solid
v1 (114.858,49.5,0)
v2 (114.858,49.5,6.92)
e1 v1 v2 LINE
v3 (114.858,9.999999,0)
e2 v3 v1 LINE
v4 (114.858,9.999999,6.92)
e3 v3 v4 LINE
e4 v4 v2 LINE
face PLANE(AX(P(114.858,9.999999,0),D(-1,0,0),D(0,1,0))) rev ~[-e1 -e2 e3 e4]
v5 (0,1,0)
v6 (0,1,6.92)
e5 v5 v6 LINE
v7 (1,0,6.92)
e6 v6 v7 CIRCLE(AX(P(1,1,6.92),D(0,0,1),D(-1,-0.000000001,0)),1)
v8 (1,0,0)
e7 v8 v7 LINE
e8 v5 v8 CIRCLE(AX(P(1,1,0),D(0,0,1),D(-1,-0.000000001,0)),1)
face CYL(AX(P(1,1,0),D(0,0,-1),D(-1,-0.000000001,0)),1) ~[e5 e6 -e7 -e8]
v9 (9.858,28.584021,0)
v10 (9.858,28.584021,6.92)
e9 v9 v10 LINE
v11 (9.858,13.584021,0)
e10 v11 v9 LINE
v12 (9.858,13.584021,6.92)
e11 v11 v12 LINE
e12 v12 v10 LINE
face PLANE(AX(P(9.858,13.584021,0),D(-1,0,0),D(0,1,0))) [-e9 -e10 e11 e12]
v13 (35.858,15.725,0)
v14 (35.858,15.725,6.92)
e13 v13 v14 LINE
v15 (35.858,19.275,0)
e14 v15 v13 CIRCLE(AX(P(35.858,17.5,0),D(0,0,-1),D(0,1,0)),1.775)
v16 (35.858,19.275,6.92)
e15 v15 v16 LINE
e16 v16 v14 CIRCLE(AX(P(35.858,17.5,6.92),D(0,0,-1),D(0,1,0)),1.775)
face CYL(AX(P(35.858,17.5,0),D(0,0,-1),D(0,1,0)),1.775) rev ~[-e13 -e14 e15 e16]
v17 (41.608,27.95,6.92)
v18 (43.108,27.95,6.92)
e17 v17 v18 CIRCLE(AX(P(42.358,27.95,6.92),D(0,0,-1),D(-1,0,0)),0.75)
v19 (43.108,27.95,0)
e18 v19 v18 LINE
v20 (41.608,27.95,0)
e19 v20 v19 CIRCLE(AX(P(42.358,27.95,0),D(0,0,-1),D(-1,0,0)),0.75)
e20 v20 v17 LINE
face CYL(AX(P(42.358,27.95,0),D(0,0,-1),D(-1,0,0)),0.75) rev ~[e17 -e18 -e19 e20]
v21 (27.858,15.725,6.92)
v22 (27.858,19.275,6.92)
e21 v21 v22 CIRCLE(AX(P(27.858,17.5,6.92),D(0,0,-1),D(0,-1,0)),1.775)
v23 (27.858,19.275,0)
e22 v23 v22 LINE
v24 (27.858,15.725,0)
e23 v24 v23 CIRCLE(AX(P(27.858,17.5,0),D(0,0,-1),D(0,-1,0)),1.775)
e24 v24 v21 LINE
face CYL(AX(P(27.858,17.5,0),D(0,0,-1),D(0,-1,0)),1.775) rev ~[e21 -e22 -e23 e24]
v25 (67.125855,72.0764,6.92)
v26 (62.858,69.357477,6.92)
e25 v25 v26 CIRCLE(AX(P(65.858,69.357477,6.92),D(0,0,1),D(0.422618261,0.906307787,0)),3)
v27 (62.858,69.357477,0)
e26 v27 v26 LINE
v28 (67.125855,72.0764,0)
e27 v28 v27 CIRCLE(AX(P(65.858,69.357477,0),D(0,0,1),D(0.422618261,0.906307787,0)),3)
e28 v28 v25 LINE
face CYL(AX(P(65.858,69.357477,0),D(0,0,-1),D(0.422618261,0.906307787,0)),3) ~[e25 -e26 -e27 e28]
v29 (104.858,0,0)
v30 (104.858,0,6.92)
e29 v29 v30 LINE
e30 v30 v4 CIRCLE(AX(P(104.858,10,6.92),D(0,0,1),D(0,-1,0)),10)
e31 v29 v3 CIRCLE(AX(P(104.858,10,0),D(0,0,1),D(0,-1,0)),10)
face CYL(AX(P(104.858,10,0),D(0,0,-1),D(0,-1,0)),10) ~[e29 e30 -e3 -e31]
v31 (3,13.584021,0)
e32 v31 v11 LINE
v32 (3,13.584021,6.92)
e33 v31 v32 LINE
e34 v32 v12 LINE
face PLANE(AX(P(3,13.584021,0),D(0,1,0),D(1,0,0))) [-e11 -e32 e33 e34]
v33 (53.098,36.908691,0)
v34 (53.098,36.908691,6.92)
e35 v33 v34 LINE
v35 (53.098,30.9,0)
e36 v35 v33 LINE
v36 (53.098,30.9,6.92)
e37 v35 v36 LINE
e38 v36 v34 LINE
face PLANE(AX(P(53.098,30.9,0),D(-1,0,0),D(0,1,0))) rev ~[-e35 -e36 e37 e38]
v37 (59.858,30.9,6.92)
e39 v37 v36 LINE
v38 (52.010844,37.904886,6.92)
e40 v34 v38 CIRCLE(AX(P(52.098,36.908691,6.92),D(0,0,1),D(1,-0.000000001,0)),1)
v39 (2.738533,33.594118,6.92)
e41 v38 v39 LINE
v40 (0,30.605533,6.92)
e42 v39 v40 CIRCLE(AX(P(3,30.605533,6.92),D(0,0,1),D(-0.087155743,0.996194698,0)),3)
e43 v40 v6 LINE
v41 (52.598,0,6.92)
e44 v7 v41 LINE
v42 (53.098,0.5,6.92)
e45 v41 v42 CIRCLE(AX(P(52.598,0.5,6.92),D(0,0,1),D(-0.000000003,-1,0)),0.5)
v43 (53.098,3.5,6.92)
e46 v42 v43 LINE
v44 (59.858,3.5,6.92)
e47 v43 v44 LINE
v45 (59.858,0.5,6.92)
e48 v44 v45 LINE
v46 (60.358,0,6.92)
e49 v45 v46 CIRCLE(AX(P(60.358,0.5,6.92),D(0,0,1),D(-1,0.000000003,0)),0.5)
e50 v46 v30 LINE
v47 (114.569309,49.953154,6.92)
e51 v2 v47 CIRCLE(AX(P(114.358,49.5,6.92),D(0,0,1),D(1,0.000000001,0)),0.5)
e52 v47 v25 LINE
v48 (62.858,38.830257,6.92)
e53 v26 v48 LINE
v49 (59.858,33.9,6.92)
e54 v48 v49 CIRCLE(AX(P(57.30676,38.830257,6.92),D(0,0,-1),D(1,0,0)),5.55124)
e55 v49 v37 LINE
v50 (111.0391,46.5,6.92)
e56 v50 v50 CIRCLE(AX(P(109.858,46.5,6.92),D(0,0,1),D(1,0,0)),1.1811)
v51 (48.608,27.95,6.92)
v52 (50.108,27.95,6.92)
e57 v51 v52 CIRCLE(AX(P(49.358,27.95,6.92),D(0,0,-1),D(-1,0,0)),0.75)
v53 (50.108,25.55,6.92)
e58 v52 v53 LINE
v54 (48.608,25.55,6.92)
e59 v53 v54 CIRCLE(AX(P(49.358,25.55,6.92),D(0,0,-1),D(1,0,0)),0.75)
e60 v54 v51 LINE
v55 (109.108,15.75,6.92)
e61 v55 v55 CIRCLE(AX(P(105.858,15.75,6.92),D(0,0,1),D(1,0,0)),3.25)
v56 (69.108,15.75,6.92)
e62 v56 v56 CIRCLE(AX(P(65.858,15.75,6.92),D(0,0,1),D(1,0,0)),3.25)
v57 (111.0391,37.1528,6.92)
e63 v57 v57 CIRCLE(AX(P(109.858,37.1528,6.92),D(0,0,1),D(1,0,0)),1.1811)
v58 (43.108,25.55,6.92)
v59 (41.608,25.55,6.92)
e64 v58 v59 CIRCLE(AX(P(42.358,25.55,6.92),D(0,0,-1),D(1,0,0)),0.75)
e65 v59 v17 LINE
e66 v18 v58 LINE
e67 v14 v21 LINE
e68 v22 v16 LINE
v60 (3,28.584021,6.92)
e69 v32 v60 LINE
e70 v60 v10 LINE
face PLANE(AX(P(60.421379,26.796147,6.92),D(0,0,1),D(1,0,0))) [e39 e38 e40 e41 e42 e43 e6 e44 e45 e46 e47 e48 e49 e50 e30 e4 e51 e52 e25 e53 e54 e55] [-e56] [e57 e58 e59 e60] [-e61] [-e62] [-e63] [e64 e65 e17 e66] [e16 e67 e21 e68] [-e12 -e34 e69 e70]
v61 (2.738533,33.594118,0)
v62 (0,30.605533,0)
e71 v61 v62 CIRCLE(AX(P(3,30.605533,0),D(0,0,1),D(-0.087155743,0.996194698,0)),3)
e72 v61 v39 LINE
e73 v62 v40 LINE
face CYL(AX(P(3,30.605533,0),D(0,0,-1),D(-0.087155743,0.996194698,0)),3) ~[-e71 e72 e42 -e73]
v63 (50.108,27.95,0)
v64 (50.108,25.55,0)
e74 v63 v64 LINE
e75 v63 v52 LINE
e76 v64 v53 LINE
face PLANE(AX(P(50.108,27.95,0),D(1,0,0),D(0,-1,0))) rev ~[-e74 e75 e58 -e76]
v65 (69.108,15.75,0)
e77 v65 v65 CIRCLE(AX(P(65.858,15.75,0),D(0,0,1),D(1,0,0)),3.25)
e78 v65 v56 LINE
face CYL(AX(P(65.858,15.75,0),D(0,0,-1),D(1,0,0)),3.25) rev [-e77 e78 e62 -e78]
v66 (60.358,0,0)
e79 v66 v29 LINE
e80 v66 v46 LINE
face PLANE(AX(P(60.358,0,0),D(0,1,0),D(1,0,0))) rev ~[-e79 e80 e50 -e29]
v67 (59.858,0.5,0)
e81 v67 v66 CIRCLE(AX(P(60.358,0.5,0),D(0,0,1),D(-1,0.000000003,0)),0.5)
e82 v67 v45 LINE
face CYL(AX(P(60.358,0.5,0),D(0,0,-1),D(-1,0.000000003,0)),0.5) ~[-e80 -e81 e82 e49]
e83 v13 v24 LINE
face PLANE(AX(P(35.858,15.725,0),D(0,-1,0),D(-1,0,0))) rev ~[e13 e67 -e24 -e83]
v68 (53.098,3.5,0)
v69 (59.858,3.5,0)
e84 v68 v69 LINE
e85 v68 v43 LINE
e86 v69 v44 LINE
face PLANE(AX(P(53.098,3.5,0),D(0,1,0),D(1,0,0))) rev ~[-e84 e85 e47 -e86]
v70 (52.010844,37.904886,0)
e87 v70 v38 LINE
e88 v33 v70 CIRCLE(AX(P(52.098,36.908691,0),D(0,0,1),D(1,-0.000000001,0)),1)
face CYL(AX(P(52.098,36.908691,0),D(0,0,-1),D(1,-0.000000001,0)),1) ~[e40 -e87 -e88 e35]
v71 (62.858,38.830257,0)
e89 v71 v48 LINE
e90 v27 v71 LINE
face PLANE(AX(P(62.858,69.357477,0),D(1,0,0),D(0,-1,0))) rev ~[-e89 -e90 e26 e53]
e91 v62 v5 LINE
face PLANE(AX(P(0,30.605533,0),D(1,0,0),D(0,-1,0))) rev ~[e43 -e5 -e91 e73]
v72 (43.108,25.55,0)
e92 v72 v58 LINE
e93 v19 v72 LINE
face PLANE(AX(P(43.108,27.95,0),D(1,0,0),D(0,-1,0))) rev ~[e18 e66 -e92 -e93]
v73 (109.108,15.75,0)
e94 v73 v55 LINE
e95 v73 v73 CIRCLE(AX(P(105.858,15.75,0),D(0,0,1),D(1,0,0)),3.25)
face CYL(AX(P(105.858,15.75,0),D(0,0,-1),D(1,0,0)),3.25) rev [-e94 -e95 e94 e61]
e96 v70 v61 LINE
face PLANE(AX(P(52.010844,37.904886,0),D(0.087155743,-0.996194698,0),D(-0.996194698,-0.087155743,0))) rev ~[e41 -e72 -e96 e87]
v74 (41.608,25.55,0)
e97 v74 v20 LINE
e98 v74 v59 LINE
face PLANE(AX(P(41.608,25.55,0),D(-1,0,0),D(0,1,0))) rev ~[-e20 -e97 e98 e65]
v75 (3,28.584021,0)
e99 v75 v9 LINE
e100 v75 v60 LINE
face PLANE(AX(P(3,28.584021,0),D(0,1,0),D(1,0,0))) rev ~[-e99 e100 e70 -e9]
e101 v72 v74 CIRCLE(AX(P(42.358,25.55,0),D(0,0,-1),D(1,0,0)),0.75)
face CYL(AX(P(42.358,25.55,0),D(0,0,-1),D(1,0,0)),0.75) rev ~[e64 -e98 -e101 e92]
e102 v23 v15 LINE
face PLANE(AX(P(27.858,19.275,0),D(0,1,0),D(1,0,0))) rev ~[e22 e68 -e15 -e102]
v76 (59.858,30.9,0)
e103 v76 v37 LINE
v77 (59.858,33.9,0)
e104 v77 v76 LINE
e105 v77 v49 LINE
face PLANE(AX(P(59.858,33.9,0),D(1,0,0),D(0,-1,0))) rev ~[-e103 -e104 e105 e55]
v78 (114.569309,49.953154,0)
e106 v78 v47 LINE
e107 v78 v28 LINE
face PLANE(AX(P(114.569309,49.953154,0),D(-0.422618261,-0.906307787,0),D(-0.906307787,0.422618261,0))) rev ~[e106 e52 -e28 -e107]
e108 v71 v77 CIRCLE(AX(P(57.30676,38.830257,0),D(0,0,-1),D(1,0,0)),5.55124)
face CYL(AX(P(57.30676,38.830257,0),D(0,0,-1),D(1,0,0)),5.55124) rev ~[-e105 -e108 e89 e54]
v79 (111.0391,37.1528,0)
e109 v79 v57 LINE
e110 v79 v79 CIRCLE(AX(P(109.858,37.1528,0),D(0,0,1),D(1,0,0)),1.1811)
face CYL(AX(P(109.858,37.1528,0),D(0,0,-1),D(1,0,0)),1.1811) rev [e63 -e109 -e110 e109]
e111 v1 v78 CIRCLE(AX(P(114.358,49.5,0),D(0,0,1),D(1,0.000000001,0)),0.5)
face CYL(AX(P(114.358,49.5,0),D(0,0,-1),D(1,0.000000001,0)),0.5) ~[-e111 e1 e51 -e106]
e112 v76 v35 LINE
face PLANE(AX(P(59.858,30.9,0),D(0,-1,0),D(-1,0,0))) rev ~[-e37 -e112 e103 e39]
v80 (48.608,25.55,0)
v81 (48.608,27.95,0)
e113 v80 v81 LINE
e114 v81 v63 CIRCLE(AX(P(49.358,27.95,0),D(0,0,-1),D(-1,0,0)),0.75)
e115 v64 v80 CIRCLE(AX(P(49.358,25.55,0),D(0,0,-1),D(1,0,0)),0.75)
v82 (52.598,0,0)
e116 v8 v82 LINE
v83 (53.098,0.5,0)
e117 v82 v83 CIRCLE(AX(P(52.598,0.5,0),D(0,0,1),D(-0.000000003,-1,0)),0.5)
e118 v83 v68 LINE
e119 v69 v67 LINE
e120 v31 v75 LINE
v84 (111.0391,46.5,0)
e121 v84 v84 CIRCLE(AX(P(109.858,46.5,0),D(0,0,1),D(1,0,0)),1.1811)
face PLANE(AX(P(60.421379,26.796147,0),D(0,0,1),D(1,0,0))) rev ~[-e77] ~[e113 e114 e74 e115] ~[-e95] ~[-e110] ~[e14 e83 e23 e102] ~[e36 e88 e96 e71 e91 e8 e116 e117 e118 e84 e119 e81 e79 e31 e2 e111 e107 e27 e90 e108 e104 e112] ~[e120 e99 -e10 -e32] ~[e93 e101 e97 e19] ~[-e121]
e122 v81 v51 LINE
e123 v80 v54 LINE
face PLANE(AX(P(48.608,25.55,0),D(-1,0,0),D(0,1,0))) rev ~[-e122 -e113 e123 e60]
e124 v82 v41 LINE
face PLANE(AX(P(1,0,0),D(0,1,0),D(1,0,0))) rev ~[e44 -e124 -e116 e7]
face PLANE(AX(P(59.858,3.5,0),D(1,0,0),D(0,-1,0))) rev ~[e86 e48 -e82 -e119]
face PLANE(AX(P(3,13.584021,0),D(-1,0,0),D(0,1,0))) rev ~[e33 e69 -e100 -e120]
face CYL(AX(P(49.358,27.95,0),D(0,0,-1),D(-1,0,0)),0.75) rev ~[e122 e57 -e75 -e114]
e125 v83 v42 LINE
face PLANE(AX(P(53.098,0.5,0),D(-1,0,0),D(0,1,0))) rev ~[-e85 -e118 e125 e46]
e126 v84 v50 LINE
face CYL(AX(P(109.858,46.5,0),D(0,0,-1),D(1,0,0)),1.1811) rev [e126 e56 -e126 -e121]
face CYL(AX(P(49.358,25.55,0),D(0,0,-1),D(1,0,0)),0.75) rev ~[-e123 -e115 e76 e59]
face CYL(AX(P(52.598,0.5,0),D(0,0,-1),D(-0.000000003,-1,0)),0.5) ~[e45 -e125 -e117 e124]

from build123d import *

# Parameters (mm, degrees)
SKETCH1_R           = 3.25
SKETCH1_R_2         = 1.1811
SKETCH1_W           = 6.858
SKETCH1_H           = 15
BOSS_EXTRUDE1_DEPTH = 6.92


with BuildPart() as part:
    # Sketch1 → Boss-Extrude1 (new body)
    with BuildSketch(Plane.XY):
        with BuildLine():
            Line((114.858, 9.999999315), (114.858, 49.5))
            ThreePointArc((114.858, 49.5), (114.779695723, 49.768649804), (114.569309131, 49.953153894))
            Line((114.569309131, 49.953153894), (67.125854783, 72.07639994))
            ThreePointArc((67.125854783, 72.07639994), (64.246101174, 71.887650915), (62.858, 69.357476578))
            Line((62.858, 69.357476578), (62.858, 38.83025734))
            ThreePointArc((62.858, 38.83025734), (62.049059599, 35.944627537), (59.858, 33.9))
            Line((59.858, 33.9), (59.858, 30.9))
            Line((59.858, 30.9), (53.098, 30.9))
            Line((53.098, 30.9), (53.098, 36.908691499))
            ThreePointArc((53.098, 36.908691499), (52.773590208, 37.645968836), (52.010844257, 37.904886197))
            Line((52.010844257, 37.904886197), (2.738532772, 33.594117516))
            ThreePointArc((2.738532772, 33.594117516), (0.78816799, 32.632304045), (0, 30.605533422))
            Line((0, 30.605533422), (0, 1))
            ThreePointArc((0, 1), (0.292893219, 0.292893219), (1, 0))
            Line((1, 0), (52.598, 0))
            ThreePointArc((52.598, 0), (52.951553391, 0.146446609), (53.098, 0.5))
            Line((53.098, 0.5), (53.098, 3.5))
            Line((53.098, 3.5), (59.858, 3.5))
            Line((59.858, 3.5), (59.858, 0.5))
            ThreePointArc((59.858, 0.5), (60.004446609, 0.146446609), (60.358, 0))
            Line((60.358, 0), (104.858, 0))
            ThreePointArc((104.858, 0), (111.92906757, 2.928931946), (114.858, 9.999999315))
        make_face()
        with Locations((65.858, 15.75)):
            Circle(SKETCH1_R, mode=Mode.SUBTRACT)
        with Locations((105.858, 15.75)):
            Circle(SKETCH1_R, mode=Mode.SUBTRACT)
        with Locations((109.858, 37.1528)):
            Circle(SKETCH1_R_2, mode=Mode.SUBTRACT)
        with Locations((109.858, 46.5)):
            Circle(SKETCH1_R_2, mode=Mode.SUBTRACT)
        with BuildLine():
            Line((50.108, 27.95), (50.108, 25.55))
            ThreePointArc((50.108, 25.55), (49.358, 24.8), (48.608, 25.55))
            Line((48.608, 25.55), (48.608, 27.95))
            ThreePointArc((48.608, 27.95), (49.358, 28.7), (50.108, 27.95))
        make_face(mode=Mode.SUBTRACT)
        with BuildLine():
            Line((43.108, 27.95), (43.108, 25.55))
            ThreePointArc((43.108, 25.55), (42.358, 24.8), (41.608, 25.55))
            Line((41.608, 25.55), (41.608, 27.95))
            ThreePointArc((41.608, 27.95), (42.358, 28.7), (43.108, 27.95))
        make_face(mode=Mode.SUBTRACT)
        with BuildLine():
            Line((35.858, 15.725), (27.858, 15.725))
            ThreePointArc((27.858, 15.725), (26.083, 17.5), (27.858, 19.275))
            Line((27.858, 19.275), (35.858, 19.275))
            ThreePointArc((35.858, 19.275), (37.633, 17.5), (35.858, 15.725))
        make_face(mode=Mode.SUBTRACT)
        with Locations((6.429, 21.084021409)):
            Rectangle(SKETCH1_W, SKETCH1_H, mode=Mode.SUBTRACT)
    extrude(amount=BOSS_EXTRUDE1_DEPTH)


solid = part.part
